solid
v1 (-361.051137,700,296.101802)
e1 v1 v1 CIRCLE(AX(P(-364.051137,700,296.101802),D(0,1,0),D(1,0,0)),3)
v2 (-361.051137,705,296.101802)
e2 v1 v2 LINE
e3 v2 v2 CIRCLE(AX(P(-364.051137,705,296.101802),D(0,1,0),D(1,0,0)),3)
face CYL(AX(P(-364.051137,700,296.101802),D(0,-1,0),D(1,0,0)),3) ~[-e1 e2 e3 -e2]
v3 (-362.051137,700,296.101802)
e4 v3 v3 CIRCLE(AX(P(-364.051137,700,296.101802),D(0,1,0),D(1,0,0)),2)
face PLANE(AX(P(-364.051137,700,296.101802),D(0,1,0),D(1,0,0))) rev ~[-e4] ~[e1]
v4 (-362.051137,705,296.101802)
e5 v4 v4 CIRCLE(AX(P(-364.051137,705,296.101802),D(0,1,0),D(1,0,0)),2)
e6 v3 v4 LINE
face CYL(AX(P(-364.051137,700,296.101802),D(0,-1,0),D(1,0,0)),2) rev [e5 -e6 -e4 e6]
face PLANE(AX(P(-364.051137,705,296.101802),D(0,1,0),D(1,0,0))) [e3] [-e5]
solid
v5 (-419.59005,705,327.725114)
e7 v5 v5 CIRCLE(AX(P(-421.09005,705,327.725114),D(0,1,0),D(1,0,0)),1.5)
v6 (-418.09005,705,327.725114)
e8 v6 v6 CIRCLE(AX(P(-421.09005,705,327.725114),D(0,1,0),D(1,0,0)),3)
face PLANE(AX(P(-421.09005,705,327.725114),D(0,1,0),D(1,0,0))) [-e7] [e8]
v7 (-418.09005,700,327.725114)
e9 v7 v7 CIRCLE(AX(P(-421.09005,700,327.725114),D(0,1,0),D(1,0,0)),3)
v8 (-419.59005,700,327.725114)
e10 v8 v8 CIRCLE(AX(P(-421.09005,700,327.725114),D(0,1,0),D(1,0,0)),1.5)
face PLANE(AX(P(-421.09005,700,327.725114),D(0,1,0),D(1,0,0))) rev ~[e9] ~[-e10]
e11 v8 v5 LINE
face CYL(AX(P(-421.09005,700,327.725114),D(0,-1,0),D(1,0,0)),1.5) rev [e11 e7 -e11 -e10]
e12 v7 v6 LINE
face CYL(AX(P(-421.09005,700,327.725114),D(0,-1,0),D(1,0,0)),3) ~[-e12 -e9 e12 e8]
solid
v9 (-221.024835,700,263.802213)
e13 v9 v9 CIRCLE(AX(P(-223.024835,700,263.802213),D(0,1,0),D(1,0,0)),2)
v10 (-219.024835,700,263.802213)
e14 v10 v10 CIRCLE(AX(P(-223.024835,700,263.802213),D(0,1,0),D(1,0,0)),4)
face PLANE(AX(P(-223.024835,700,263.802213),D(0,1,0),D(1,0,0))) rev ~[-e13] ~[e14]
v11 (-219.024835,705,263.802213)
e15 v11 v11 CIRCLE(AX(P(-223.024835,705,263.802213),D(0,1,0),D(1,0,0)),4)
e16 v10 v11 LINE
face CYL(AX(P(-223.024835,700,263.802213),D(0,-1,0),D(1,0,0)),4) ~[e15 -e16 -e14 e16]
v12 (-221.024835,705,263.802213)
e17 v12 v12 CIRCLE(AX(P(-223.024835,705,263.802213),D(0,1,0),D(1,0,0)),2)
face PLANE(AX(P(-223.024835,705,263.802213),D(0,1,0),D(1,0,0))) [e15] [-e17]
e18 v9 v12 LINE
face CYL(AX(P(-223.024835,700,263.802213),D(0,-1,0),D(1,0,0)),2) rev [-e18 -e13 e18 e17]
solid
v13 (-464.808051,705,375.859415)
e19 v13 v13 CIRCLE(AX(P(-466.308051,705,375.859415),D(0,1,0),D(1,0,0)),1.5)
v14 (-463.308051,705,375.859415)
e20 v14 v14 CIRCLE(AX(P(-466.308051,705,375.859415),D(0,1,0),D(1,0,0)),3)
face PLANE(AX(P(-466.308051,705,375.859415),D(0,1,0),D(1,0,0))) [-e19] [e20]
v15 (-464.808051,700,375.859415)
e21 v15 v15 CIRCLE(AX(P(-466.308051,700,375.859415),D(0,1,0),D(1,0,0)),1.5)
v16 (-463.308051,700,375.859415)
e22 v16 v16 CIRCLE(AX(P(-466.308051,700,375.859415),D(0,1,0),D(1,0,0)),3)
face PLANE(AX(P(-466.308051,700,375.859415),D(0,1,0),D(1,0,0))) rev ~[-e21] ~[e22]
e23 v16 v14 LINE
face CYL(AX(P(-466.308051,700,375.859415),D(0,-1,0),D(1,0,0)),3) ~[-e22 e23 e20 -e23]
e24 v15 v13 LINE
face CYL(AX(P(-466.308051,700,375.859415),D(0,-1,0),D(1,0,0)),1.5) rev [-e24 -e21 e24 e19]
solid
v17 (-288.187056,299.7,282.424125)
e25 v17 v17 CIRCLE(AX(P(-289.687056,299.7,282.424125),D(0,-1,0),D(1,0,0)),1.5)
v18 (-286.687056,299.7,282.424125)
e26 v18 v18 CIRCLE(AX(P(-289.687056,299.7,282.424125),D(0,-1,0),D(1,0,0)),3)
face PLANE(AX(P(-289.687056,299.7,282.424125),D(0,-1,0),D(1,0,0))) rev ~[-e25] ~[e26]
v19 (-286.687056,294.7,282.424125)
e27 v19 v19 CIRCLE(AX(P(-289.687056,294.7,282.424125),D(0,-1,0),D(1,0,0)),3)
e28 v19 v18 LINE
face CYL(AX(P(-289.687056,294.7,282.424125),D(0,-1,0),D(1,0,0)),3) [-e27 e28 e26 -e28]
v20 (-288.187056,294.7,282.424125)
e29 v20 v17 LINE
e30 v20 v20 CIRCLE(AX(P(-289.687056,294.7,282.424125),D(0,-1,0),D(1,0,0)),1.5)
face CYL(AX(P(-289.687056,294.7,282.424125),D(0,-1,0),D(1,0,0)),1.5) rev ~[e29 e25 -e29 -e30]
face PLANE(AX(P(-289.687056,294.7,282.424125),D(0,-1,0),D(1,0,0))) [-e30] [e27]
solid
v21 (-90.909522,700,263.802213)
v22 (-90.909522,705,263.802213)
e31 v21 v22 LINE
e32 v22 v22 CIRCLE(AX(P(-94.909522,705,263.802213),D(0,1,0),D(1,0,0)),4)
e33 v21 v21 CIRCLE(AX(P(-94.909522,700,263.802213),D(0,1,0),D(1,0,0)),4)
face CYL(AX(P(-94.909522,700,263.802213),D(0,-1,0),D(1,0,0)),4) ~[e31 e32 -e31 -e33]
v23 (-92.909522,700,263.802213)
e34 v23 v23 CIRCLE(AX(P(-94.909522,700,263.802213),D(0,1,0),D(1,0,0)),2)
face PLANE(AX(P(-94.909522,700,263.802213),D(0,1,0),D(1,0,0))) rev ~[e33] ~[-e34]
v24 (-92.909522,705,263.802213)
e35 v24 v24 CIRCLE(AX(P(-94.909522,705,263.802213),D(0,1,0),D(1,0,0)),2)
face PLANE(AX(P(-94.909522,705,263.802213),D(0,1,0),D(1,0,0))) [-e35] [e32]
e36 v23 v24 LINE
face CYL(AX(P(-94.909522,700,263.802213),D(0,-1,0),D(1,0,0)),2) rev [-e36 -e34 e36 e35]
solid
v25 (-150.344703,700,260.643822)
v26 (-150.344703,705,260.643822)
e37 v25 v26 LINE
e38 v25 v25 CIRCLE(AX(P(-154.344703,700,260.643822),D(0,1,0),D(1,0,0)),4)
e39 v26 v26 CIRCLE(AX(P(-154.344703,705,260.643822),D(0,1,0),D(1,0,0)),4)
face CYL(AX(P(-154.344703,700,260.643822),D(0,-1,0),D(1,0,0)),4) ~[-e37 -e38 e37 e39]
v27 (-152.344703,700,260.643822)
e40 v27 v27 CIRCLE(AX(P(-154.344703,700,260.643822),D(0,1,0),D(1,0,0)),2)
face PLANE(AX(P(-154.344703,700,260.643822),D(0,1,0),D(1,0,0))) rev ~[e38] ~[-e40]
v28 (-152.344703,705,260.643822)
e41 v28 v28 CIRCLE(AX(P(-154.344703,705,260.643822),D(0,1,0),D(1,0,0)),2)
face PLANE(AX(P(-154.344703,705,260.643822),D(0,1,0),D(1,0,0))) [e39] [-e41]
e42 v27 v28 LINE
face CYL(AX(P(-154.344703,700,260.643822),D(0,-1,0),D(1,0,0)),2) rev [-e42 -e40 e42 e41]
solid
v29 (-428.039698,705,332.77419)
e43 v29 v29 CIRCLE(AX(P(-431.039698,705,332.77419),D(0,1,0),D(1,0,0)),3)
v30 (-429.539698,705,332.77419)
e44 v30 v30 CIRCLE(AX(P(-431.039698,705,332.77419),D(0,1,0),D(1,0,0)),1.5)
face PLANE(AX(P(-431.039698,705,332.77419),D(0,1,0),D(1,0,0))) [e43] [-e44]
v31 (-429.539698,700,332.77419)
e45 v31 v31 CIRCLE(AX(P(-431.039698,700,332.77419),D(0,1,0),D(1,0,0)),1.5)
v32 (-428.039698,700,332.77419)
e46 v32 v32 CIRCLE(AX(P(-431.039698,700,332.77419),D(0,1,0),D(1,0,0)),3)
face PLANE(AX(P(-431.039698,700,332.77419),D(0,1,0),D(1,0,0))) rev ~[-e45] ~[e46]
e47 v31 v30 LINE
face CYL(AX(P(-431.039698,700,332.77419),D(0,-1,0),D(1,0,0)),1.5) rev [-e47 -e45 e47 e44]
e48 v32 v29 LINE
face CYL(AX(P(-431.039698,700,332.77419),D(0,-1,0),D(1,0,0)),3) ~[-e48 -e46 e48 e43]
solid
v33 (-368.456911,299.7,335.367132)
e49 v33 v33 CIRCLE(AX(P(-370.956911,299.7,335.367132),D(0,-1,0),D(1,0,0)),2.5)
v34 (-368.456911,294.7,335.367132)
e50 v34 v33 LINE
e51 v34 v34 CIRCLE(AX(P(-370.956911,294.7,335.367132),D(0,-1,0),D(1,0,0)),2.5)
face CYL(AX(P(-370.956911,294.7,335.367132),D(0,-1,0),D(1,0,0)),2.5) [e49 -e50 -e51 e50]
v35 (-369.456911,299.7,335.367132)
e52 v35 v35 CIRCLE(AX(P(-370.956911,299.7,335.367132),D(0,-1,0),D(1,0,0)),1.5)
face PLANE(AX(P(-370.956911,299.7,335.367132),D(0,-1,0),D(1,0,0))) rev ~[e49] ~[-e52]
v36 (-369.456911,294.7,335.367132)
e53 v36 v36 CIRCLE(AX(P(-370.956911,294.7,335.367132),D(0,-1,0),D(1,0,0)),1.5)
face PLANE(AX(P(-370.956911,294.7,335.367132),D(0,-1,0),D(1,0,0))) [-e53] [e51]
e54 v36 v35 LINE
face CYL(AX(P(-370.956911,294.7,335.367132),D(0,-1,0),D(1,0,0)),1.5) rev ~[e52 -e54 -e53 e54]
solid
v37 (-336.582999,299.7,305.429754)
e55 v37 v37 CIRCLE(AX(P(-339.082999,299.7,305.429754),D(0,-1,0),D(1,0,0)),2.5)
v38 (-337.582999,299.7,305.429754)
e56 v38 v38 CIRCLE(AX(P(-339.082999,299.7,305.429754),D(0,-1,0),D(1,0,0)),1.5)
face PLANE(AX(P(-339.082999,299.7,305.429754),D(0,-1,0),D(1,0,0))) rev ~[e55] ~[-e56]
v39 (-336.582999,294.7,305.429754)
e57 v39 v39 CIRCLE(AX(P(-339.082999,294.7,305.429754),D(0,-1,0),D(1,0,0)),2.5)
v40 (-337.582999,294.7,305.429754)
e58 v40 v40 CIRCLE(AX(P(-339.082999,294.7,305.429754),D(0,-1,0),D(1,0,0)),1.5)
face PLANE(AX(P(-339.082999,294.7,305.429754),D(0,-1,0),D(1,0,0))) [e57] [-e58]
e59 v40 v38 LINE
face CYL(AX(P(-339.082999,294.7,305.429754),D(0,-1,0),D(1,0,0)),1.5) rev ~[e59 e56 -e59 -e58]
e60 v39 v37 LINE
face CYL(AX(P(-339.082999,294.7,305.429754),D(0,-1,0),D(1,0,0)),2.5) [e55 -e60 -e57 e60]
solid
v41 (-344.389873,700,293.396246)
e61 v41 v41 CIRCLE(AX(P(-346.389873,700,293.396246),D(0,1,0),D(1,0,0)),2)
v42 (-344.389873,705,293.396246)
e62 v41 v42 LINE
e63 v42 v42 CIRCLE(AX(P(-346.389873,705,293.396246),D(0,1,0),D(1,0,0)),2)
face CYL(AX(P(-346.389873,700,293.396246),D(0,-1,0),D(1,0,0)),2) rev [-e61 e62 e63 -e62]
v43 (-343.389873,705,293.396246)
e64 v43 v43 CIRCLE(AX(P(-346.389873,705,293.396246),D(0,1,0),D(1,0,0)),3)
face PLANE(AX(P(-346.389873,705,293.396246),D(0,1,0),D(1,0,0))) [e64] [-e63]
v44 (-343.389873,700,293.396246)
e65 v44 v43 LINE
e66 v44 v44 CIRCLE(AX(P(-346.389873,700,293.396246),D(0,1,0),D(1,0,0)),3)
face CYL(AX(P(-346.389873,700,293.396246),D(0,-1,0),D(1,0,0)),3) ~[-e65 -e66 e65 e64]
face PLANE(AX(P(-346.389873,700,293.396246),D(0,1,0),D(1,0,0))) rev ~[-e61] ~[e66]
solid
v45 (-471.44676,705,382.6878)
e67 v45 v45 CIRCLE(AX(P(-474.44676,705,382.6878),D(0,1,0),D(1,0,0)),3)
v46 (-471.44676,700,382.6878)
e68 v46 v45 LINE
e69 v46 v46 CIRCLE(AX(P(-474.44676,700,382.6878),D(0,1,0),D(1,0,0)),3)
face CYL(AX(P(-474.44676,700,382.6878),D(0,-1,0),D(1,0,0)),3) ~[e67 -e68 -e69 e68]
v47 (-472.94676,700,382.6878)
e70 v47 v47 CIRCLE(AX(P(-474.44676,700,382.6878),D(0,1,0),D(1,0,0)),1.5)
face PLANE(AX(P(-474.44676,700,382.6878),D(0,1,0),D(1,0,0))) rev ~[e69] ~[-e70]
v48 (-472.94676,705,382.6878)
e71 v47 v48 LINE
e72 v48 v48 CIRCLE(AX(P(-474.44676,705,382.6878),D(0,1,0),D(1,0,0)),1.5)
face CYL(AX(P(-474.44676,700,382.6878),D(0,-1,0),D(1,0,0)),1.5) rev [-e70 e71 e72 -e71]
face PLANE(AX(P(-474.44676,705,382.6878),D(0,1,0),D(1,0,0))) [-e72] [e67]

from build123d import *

# Parameters (mm, degrees)
SZKIC1_R                      = 3
SZKIC1_R_2                    = 1.5
DODANIE_WYCI_GNI_CIE1_DEPTH   = 5
DODANIE_WYCI_GNI_CIE1_2_DEPTH = 5
DODANIE_WYCI_GNI_CIE1_3_DEPTH = 5
DODANIE_WYCI_GNI_CIE1_4_DEPTH = 5
SZKIC1_R_3                    = 2
DODANIE_WYCI_GNI_CIE1_5_DEPTH = 5
DODANIE_WYCI_GNI_CIE1_6_DEPTH = 5
SZKIC1_R_4                    = 4
DODANIE_WYCI_GNI_CIE1_7_DEPTH = 5
DODANIE_WYCI_GNI_CIE1_8_DEPTH = 5
DODANIE_WYCI_GNI_CIE1_9_DEPTH = 5
SZKIC2_R                      = 2.5
SZKIC2_R_2                    = 1.5
DODANIE_WYCI_GNI_CIE2_DEPTH   = 5
SZKIC2_R_3                    = 3
DODANIE_WYCI_GNI_CIE2_2_DEPTH = 5
DODANIE_WYCI_GNI_CIE2_3_DEPTH = 5


with BuildPart() as part:
    # Szkic1 → Dodanie-wyciągnięcie1 (new body)
    with BuildSketch(Plane(origin=(0, 700, 0), x_dir=(1, 0, 0), z_dir=(0, 1, 0))):
        with Locations((-474.446759549, -382.68779999)):
            Circle(SZKIC1_R)
        with Locations((-474.446759549, -382.68779999)):
            Circle(SZKIC1_R_2, mode=Mode.SUBTRACT)
    extrude(amount=DODANIE_WYCI_GNI_CIE1_DEPTH)


with BuildPart() as body_2:
    # Szkic1 → Dodanie-wyci_gni_cie1 2 (new body)
    with BuildSketch(Plane(origin=(0, 700, 0), x_dir=(1, 0, 0), z_dir=(0, 1, 0))):
        with Locations((-466.308050674, -375.85941501)):
            Circle(SZKIC1_R)
        with Locations((-466.308050674, -375.85941501)):
            Circle(SZKIC1_R_2, mode=Mode.SUBTRACT)
    extrude(amount=DODANIE_WYCI_GNI_CIE1_2_DEPTH)


with BuildPart() as body_3:
    # Szkic1 → Dodanie-wyci_gni_cie1 3 (new body)
    with BuildSketch(Plane(origin=(0, 700, 0), x_dir=(1, 0, 0), z_dir=(0, 1, 0))):
        with Locations((-431.039698402, -332.774189517)):
            Circle(SZKIC1_R)
        with Locations((-431.039698402, -332.774189517)):
            Circle(SZKIC1_R_2, mode=Mode.SUBTRACT)
    extrude(amount=DODANIE_WYCI_GNI_CIE1_3_DEPTH)


with BuildPart() as body_4:
    # Szkic1 → Dodanie-wyci_gni_cie1 4 (new body)
    with BuildSketch(Plane(origin=(0, 700, 0), x_dir=(1, 0, 0), z_dir=(0, 1, 0))):
        with Locations((-421.090050281, -327.725114352)):
            Circle(SZKIC1_R)
        with Locations((-421.090050281, -327.725114352)):
            Circle(SZKIC1_R_2, mode=Mode.SUBTRACT)
    extrude(amount=DODANIE_WYCI_GNI_CIE1_4_DEPTH)


with BuildPart() as body_5:
    # Szkic1 → Dodanie-wyci_gni_cie1 5 (new body)
    with BuildSketch(Plane(origin=(0, 700, 0), x_dir=(1, 0, 0), z_dir=(0, 1, 0))):
        with Locations((-364.051137421, -296.101801859)):
            Circle(SZKIC1_R)
        with Locations((-364.051137421, -296.101801859)):
            Circle(SZKIC1_R_3, mode=Mode.SUBTRACT)
    extrude(amount=DODANIE_WYCI_GNI_CIE1_5_DEPTH)


with BuildPart() as body_6:
    # Szkic1 → Dodanie-wyci_gni_cie1 6 (new body)
    with BuildSketch(Plane(origin=(0, 700, 0), x_dir=(1, 0, 0), z_dir=(0, 1, 0))):
        with Locations((-346.389872513, -293.396246383)):
            Circle(SZKIC1_R)
        with Locations((-346.389872513, -293.396246383)):
            Circle(SZKIC1_R_3, mode=Mode.SUBTRACT)
    extrude(amount=DODANIE_WYCI_GNI_CIE1_6_DEPTH)


with BuildPart() as body_7:
    # Szkic1 → Dodanie-wyci_gni_cie1 7 (new body)
    with BuildSketch(Plane(origin=(0, 700, 0), x_dir=(1, 0, 0), z_dir=(0, 1, 0))):
        with Locations((-223.024834581, -263.802212936)):
            Circle(SZKIC1_R_4)
        with Locations((-223.024834581, -263.802212936)):
            Circle(SZKIC1_R_3, mode=Mode.SUBTRACT)
    extrude(amount=DODANIE_WYCI_GNI_CIE1_7_DEPTH)


with BuildPart() as body_8:
    # Szkic1 → Dodanie-wyci_gni_cie1 8 (new body)
    with BuildSketch(Plane(origin=(0, 700, 0), x_dir=(1, 0, 0), z_dir=(0, 1, 0))):
        with Locations((-154.344703344, -260.643821632)):
            Circle(SZKIC1_R_4)
        with Locations((-154.344703344, -260.643821632)):
            Circle(SZKIC1_R_3, mode=Mode.SUBTRACT)
    extrude(amount=DODANIE_WYCI_GNI_CIE1_8_DEPTH)


with BuildPart() as body_9:
    # Szkic1 → Dodanie-wyci_gni_cie1 9 (new body)
    with BuildSketch(Plane(origin=(0, 700, 0), x_dir=(1, 0, 0), z_dir=(0, 1, 0))):
        with Locations((-94.909521544, -263.802212936)):
            Circle(SZKIC1_R_4)
        with Locations((-94.909521544, -263.802212936)):
            Circle(SZKIC1_R_3, mode=Mode.SUBTRACT)
    extrude(amount=DODANIE_WYCI_GNI_CIE1_9_DEPTH)


with BuildPart() as body_10:
    # Szkic2 → Dodanie-wyciągnięcie2 (new body)
    with BuildSketch(Plane.XZ.offset(-294.7)):
        with Locations((-370.956911026, 335.367132453)):
            Circle(SZKIC2_R)
        with Locations((-370.956911026, 335.367132453)):
            Circle(SZKIC2_R_2, mode=Mode.SUBTRACT)
    extrude(amount=-DODANIE_WYCI_GNI_CIE2_DEPTH)


with BuildPart() as body_11:
    # Szkic2 → Dodanie-wyci_gni_cie2 2 (new body)
    with BuildSketch(Plane.XZ.offset(-294.7)):
        with Locations((-289.68705591, 282.424125213)):
            Circle(SZKIC2_R_3)
        with Locations((-289.68705591, 282.424125213)):
            Circle(SZKIC2_R_2, mode=Mode.SUBTRACT)
    extrude(amount=-DODANIE_WYCI_GNI_CIE2_2_DEPTH)


with BuildPart() as body_12:
    # Szkic2 → Dodanie-wyci_gni_cie2 3 (new body)
    with BuildSketch(Plane.XZ.offset(-294.7)):
        with Locations((-339.082998521, 305.429754445)):
            Circle(SZKIC2_R)
        with Locations((-339.082998521, 305.429754445)):
            Circle(SZKIC2_R_2, mode=Mode.SUBTRACT)
    extrude(amount=-DODANIE_WYCI_GNI_CIE2_3_DEPTH)


solid = Compound([part.part, body_2.part, body_3.part, body_4.part, body_5.part, body_6.part, body_7.part, body_8.part, body_9.part, body_10.part, body_11.part, body_12.part])
